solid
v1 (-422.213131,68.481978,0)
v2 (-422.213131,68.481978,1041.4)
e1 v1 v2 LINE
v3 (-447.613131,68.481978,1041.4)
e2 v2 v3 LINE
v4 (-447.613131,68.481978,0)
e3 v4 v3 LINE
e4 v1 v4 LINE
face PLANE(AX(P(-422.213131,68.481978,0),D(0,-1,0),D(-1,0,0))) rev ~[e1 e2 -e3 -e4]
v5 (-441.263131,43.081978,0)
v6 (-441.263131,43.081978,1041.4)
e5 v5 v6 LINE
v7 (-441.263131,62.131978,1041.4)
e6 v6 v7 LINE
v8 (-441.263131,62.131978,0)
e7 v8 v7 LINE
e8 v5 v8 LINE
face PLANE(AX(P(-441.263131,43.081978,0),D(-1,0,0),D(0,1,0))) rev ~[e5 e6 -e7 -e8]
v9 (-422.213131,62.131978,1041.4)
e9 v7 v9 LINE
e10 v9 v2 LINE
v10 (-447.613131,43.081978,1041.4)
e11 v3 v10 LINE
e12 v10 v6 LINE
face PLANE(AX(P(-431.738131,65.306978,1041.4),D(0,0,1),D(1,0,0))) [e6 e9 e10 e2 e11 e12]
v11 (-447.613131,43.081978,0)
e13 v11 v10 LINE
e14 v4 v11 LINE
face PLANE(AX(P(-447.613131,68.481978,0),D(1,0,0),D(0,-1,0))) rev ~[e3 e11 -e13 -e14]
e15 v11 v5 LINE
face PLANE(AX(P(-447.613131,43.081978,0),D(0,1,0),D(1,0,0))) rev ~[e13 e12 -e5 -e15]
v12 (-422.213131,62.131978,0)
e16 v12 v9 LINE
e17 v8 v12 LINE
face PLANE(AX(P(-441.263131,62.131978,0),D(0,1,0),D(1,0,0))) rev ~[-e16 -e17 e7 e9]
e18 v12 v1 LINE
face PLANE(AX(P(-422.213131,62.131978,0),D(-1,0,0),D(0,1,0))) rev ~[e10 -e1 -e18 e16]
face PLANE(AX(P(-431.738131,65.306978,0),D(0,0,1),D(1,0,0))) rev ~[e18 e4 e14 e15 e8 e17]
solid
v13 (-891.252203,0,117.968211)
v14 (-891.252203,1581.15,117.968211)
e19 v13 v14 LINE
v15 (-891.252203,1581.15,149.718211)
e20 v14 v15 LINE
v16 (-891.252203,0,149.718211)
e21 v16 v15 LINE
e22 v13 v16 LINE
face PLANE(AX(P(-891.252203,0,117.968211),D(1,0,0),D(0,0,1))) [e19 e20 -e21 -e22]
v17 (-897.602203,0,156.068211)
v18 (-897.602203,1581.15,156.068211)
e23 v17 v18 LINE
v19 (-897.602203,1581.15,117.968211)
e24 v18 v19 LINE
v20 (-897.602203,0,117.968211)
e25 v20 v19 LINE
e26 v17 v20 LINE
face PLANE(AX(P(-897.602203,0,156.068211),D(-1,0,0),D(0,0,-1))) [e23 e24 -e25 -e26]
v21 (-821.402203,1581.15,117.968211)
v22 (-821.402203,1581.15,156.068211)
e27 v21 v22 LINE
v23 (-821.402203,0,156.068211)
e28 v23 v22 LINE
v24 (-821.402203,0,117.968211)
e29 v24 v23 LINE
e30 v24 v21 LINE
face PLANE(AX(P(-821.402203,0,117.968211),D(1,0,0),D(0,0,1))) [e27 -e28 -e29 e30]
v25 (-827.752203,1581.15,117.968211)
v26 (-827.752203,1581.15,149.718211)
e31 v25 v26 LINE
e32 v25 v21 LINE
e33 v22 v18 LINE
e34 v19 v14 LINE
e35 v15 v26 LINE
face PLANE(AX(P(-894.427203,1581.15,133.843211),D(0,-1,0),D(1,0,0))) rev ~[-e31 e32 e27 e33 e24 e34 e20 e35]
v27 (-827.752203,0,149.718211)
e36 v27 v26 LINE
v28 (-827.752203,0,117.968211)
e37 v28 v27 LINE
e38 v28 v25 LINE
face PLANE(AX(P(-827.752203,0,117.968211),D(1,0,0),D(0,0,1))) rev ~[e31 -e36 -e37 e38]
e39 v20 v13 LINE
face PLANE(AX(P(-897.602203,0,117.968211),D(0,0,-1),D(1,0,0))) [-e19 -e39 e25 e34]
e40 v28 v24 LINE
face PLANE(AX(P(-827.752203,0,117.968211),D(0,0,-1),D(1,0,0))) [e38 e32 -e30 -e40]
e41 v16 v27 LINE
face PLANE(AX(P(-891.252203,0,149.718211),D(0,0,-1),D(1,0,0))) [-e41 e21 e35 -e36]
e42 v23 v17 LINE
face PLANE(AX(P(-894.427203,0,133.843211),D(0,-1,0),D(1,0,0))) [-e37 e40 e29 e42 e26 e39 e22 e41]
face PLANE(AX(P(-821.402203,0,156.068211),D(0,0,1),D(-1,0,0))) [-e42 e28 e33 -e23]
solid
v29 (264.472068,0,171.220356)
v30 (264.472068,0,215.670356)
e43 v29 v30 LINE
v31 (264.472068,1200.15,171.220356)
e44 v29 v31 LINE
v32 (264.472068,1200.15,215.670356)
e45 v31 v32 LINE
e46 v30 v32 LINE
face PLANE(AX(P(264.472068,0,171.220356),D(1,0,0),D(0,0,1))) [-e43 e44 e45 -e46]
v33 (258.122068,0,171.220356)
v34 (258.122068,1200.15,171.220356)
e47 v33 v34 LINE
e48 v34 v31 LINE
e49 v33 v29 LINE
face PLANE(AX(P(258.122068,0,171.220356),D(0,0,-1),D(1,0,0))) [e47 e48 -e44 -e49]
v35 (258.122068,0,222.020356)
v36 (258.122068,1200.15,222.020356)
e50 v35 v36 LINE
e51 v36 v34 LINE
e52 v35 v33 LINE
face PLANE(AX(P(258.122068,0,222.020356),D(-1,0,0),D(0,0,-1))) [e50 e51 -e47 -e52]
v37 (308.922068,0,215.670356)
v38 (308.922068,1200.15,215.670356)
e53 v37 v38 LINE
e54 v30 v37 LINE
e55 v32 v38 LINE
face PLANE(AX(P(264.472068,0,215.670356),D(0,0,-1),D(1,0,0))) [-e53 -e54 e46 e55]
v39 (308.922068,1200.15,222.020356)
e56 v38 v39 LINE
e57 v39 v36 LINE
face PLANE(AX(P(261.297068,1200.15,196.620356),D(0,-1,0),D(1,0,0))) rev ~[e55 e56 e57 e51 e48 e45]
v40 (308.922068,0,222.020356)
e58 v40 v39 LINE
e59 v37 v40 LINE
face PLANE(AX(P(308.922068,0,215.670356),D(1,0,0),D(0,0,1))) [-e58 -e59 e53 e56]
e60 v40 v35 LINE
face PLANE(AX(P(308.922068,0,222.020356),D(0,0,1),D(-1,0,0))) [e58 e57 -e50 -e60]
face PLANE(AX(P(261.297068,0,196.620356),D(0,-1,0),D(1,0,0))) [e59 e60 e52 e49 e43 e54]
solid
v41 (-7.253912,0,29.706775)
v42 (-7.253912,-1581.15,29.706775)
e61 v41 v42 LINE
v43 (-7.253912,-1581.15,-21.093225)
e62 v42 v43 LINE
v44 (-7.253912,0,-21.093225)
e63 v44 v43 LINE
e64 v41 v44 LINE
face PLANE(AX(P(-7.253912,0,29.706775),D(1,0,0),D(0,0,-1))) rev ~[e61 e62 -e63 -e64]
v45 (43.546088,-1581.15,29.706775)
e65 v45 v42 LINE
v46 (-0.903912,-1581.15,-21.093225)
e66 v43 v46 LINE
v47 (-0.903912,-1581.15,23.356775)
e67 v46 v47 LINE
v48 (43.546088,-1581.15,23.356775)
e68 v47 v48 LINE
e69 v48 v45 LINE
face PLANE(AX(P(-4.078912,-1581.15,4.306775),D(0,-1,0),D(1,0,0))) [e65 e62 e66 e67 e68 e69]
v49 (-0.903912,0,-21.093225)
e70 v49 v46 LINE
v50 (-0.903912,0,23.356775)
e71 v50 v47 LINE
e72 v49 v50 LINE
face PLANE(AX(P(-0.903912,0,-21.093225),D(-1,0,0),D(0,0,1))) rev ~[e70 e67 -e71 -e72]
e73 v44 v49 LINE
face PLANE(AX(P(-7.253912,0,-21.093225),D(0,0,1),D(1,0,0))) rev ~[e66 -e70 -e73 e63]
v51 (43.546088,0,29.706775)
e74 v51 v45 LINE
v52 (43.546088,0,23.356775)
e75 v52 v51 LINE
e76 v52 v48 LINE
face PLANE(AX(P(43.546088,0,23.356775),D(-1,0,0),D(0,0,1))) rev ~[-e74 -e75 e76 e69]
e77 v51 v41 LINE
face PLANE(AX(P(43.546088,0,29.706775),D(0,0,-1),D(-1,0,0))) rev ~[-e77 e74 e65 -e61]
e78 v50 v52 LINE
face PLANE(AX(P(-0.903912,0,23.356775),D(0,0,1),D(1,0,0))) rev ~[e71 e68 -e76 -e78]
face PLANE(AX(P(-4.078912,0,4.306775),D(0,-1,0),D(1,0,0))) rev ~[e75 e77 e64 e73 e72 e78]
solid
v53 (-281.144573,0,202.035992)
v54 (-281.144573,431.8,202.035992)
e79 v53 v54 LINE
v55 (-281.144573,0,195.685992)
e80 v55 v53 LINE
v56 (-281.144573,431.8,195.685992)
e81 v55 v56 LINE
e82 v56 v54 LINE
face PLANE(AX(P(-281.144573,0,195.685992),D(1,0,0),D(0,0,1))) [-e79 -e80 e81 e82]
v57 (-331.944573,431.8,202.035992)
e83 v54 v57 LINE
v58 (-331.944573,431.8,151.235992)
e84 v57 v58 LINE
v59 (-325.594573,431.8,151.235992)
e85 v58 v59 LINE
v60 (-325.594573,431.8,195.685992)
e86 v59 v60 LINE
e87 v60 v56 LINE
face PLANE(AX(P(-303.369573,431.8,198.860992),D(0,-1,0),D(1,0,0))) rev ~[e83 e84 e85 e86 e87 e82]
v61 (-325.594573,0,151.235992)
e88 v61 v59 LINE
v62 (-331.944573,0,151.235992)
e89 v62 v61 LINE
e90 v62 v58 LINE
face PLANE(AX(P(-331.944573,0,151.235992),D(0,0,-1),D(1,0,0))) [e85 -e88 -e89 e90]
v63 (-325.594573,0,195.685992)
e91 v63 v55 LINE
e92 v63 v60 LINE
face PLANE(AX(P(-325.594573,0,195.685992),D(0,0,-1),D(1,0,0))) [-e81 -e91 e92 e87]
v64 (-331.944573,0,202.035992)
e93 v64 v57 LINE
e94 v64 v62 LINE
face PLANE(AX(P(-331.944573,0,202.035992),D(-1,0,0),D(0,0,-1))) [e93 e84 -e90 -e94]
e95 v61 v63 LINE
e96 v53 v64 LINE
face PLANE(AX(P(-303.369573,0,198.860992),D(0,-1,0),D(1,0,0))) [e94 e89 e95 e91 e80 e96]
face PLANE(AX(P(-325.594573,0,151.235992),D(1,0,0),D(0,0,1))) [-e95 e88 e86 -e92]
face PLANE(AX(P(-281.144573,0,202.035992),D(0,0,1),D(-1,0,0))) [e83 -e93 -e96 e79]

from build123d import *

# Parameters (mm, degrees)
F0_W     = 44.45
F0_H     = 6.35
F1_DEPTH = 1581.15
F2_W     = 19.05
F2_H     = 6.35
F3_DEPTH = 1041.4
F4_W     = 44.45
F4_H     = 6.35
F5_DEPTH = 431.8
F6_W     = 44.45
F6_H     = 6.35
F7_DEPTH = 1200.15
F8_W     = 6.35
F8_H     = 31.75
F9_DEPTH = 1581.15


with BuildPart() as f1:
    # F0 (on Front) → F1 (new body)
    with BuildSketch(Plane.XZ):
        Polygon((-7.253912, 29.706775), (-7.253912, -21.093225), (-0.903912, -21.093225), (-0.903912, 23.356775), (-0.903912, 29.706775), align=None)
        with Locations((21.321088, 26.531775)):
            Rectangle(F0_W, F0_H)
    extrude(amount=F1_DEPTH)


with BuildPart() as f3:
    # F2 (on Top) → F3 (new body)
    with BuildSketch(Plane.XY):
        with Locations((-431.738131, 65.306978)):
            Rectangle(F2_W, F2_H)
        Polygon((-441.263131, 68.481978), (-447.613131, 68.481978), (-447.613131, 43.081978), (-441.263131, 43.081978), (-441.263131, 62.131978), align=None)
    extrude(amount=F3_DEPTH)


with BuildPart() as f5:
    # F4 (on Front) → F5 (new body)
    with BuildSketch(Plane.XZ):
        with Locations((-303.369573, 198.860992)):
            Rectangle(F4_W, F4_H)
        Polygon((-331.944573, 202.035992), (-331.944573, 151.235992), (-325.594573, 151.235992), (-325.594573, 195.685992), (-325.594573, 202.035992), align=None)
    extrude(amount=-F5_DEPTH)


with BuildPart() as f7:
    # F6 (on Front) → F7 (new body)
    with BuildSketch(Plane.XZ):
        Polygon((258.122068, 222.020356), (258.122068, 171.220356), (264.472068, 171.220356), (264.472068, 215.670356), (264.472068, 222.020356), align=None)
        with Locations((286.697068, 218.845356)):
            Rectangle(F6_W, F6_H)
    extrude(amount=-F7_DEPTH)


with BuildPart() as f9:
    # F8 (on Front) → F9 (new body)
    with BuildSketch(Plane.XZ):
        with Locations((-894.427203, 133.843211)):
            Rectangle(F8_W, F8_H)
        Polygon((-821.402203, 156.068211), (-897.602203, 156.068211), (-897.602203, 149.718211), (-891.252203, 149.718211), (-827.752203, 149.718211), (-821.402203, 149.718211), align=None)
        with Locations((-824.577203, 133.843211)):
            Rectangle(F8_W, F8_H)
    extrude(amount=-F9_DEPTH)


solid = Compound([f1.part, f3.part, f5.part, f7.part, f9.part])
